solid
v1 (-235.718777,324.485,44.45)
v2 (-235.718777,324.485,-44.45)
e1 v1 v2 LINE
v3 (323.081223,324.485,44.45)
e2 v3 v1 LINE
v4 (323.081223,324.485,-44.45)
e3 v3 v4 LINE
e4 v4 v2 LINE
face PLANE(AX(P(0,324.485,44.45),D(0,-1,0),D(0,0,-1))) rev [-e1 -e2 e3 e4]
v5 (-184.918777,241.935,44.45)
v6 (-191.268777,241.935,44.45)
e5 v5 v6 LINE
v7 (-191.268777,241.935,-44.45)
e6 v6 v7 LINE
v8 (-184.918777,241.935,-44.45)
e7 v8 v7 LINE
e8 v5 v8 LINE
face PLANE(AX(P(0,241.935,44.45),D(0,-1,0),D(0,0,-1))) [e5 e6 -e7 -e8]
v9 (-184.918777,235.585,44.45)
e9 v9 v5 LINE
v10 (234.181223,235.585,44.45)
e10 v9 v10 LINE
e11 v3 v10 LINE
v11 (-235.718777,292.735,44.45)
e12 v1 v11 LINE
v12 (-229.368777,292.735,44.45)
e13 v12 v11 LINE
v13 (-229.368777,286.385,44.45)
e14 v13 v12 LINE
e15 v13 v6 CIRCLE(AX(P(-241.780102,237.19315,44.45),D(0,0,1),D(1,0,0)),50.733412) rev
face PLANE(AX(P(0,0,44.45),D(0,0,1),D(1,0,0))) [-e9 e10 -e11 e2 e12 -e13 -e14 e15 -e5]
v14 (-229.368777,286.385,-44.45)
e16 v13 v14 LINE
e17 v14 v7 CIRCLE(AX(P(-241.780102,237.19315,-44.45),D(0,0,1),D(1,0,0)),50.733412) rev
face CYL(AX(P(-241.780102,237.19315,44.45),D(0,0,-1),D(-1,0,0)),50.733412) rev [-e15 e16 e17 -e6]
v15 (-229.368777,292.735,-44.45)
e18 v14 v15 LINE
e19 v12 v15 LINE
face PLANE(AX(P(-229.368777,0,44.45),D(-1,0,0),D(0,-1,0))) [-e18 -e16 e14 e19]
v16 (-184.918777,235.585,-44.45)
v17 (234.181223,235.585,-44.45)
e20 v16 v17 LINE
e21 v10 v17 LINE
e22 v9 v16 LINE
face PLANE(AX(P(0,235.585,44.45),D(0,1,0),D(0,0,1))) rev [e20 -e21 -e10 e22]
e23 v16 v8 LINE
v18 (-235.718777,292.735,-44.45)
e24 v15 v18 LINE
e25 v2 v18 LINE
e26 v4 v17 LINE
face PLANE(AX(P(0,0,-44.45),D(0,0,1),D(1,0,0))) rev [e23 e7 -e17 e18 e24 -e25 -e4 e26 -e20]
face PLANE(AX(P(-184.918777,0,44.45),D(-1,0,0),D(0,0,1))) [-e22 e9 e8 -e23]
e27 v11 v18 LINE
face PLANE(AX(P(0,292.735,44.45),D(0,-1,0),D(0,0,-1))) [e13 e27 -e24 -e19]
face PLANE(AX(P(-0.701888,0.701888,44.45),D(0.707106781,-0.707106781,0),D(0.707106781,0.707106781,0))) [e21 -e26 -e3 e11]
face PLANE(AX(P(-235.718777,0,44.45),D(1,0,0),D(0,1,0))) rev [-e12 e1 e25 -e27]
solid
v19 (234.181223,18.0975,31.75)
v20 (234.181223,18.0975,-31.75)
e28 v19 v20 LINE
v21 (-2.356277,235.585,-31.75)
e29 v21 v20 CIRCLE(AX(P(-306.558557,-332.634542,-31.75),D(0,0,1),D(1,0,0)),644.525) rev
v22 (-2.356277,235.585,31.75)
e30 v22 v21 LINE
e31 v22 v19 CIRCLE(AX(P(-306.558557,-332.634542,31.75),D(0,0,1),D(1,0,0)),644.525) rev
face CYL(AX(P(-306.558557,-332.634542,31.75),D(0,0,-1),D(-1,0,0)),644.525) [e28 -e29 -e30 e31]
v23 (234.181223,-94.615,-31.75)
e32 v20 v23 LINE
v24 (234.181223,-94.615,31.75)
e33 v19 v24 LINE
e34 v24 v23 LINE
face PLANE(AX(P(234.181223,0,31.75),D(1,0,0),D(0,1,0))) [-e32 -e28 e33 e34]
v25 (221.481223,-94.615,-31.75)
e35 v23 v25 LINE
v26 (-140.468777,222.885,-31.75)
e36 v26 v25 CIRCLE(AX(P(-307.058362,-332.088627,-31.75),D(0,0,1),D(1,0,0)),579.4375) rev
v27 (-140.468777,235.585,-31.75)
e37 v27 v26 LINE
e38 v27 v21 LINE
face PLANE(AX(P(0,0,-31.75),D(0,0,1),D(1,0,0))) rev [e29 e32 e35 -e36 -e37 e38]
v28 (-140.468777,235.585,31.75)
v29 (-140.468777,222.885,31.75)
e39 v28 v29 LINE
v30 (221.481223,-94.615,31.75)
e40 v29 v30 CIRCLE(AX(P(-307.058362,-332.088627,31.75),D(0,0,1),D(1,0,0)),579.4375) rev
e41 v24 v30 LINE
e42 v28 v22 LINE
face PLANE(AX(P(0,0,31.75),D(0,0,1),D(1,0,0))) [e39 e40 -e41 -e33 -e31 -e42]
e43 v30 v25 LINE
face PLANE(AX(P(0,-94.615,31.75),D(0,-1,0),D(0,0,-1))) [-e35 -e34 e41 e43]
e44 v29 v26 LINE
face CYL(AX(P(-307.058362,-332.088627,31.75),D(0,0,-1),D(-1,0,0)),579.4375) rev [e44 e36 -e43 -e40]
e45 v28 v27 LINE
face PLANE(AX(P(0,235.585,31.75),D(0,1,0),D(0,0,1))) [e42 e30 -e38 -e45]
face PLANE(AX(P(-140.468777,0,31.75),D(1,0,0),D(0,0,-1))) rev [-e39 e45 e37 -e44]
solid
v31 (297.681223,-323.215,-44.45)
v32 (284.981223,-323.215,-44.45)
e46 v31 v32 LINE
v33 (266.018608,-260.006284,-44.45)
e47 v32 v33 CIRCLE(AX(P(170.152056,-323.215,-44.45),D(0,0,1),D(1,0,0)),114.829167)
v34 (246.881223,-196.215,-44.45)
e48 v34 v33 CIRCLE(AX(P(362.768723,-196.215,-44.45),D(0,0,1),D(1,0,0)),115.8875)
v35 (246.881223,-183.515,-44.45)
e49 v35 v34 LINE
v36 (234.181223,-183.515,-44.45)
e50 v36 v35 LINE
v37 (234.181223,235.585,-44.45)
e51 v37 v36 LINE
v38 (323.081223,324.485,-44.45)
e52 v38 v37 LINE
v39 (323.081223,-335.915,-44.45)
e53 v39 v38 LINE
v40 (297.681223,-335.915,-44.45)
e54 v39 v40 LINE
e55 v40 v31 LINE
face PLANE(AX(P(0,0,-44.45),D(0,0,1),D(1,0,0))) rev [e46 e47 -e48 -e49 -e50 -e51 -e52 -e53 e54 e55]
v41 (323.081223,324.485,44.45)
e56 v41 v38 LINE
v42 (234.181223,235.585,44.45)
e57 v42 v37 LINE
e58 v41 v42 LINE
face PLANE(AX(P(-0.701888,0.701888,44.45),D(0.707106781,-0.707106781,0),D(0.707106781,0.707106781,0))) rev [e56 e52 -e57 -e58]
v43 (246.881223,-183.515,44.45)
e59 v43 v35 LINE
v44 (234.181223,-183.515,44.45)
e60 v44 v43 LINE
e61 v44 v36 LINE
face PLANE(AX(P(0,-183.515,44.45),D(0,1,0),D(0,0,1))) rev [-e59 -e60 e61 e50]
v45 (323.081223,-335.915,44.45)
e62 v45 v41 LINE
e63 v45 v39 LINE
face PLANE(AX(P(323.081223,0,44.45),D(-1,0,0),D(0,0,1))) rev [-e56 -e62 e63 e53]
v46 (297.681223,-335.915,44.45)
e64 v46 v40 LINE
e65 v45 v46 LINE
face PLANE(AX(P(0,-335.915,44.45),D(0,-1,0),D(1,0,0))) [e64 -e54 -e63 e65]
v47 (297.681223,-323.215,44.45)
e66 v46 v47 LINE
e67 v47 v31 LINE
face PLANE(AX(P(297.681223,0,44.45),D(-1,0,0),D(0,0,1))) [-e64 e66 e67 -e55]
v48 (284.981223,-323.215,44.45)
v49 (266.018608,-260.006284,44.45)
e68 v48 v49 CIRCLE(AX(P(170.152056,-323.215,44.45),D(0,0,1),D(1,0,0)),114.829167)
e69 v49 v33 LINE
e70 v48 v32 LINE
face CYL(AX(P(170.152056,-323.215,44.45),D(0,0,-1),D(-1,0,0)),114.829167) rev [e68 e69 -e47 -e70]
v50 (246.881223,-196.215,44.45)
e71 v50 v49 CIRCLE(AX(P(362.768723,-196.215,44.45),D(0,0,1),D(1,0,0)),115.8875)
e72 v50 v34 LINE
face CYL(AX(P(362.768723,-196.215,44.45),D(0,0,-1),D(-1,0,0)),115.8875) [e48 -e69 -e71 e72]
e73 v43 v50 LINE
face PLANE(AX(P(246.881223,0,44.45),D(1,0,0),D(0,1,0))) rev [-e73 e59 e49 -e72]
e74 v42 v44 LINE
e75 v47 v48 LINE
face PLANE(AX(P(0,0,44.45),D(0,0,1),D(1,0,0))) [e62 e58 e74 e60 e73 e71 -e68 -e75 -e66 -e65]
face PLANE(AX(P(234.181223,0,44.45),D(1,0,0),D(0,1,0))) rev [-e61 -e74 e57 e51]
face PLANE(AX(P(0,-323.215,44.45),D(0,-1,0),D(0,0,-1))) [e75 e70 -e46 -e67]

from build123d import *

# Parameters (mm, degrees)
BOSS_EXTRUDE1_DEPTH = 44.45
BOSS_EXTRUDE2_DEPTH = 31.75
BOSS_EXTRUDE3_DEPTH = 44.45


with BuildPart() as part:
    # Sketch1 → Boss-Extrude1 (new body, symmetric)
    with BuildSketch(Plane.XY):
        with BuildLine():
            Line((-229.368776984, 286.385), (-229.368776984, 292.735))
            Line((-229.368776984, 292.735), (-235.718776984, 292.735))
            Line((-235.718776984, 292.735), (-235.718776984, 324.485))
            Line((-235.718776984, 324.485), (323.081223016, 324.485))
            Line((323.081223016, 324.485), (234.181223016, 235.585))
            Line((234.181223016, 235.585), (-184.918776984, 235.585))
            Line((-184.918776984, 235.585), (-184.918776984, 241.935))
            Line((-184.918776984, 241.935), (-191.268776984, 241.935))
            ThreePointArc((-191.268776984, 241.935), (-203.260423906, 270.210016924), (-229.368776984, 286.385))
        make_face()
    extrude(amount=BOSS_EXTRUDE1_DEPTH, both=True)


with BuildPart() as body_2:
    # Sketch1_3 → Boss-Extrude2 (new body, symmetric)
    with BuildSketch(Plane.XY):
        with BuildLine():
            ThreePointArc((234.181223016, 18.0975), (129.683318975, 141.818301445), (-2.356276984, 235.585))
            Line((-2.356276984, 235.585), (-140.468776984, 235.585))
            Line((-140.468776984, 235.585), (-140.468776984, 222.885))
            ThreePointArc((-140.468776984, 222.885), (75.044638848, 103.508794049), (221.481223016, -94.615))
            Line((221.481223016, -94.615), (234.181223016, -94.615))
            Line((234.181223016, -94.615), (234.181223016, 18.0975))
        make_face()
    extrude(amount=BOSS_EXTRUDE2_DEPTH, both=True)


with BuildPart() as body_3:
    # Sketch1_4 → Boss-Extrude3 (new body, symmetric)
    with BuildSketch(Plane.XY):
        with BuildLine():
            Line((323.081223016, -335.915), (323.081223016, 324.485))
            Line((323.081223016, 324.485), (234.181223016, 235.585))
            Line((234.181223016, 235.585), (234.181223016, -183.515))
            Line((234.181223016, -183.515), (246.881223016, -183.515))
            Line((246.881223016, -183.515), (246.881223016, -196.215))
            ThreePointArc((246.881223016, -196.215), (251.768629387, -229.515028089), (266.018608337, -260.006284404))
            ThreePointArc((266.018608337, -260.006284404), (280.138450492, -290.219081757), (284.981223016, -323.215))
            Line((284.981223016, -323.215), (297.681223016, -323.215))
            Line((297.681223016, -323.215), (297.681223016, -335.915))
            Line((297.681223016, -335.915), (323.081223016, -335.915))
        make_face()
    extrude(amount=BOSS_EXTRUDE3_DEPTH, both=True)


solid = Compound([part.part, body_2.part, body_3.part])
